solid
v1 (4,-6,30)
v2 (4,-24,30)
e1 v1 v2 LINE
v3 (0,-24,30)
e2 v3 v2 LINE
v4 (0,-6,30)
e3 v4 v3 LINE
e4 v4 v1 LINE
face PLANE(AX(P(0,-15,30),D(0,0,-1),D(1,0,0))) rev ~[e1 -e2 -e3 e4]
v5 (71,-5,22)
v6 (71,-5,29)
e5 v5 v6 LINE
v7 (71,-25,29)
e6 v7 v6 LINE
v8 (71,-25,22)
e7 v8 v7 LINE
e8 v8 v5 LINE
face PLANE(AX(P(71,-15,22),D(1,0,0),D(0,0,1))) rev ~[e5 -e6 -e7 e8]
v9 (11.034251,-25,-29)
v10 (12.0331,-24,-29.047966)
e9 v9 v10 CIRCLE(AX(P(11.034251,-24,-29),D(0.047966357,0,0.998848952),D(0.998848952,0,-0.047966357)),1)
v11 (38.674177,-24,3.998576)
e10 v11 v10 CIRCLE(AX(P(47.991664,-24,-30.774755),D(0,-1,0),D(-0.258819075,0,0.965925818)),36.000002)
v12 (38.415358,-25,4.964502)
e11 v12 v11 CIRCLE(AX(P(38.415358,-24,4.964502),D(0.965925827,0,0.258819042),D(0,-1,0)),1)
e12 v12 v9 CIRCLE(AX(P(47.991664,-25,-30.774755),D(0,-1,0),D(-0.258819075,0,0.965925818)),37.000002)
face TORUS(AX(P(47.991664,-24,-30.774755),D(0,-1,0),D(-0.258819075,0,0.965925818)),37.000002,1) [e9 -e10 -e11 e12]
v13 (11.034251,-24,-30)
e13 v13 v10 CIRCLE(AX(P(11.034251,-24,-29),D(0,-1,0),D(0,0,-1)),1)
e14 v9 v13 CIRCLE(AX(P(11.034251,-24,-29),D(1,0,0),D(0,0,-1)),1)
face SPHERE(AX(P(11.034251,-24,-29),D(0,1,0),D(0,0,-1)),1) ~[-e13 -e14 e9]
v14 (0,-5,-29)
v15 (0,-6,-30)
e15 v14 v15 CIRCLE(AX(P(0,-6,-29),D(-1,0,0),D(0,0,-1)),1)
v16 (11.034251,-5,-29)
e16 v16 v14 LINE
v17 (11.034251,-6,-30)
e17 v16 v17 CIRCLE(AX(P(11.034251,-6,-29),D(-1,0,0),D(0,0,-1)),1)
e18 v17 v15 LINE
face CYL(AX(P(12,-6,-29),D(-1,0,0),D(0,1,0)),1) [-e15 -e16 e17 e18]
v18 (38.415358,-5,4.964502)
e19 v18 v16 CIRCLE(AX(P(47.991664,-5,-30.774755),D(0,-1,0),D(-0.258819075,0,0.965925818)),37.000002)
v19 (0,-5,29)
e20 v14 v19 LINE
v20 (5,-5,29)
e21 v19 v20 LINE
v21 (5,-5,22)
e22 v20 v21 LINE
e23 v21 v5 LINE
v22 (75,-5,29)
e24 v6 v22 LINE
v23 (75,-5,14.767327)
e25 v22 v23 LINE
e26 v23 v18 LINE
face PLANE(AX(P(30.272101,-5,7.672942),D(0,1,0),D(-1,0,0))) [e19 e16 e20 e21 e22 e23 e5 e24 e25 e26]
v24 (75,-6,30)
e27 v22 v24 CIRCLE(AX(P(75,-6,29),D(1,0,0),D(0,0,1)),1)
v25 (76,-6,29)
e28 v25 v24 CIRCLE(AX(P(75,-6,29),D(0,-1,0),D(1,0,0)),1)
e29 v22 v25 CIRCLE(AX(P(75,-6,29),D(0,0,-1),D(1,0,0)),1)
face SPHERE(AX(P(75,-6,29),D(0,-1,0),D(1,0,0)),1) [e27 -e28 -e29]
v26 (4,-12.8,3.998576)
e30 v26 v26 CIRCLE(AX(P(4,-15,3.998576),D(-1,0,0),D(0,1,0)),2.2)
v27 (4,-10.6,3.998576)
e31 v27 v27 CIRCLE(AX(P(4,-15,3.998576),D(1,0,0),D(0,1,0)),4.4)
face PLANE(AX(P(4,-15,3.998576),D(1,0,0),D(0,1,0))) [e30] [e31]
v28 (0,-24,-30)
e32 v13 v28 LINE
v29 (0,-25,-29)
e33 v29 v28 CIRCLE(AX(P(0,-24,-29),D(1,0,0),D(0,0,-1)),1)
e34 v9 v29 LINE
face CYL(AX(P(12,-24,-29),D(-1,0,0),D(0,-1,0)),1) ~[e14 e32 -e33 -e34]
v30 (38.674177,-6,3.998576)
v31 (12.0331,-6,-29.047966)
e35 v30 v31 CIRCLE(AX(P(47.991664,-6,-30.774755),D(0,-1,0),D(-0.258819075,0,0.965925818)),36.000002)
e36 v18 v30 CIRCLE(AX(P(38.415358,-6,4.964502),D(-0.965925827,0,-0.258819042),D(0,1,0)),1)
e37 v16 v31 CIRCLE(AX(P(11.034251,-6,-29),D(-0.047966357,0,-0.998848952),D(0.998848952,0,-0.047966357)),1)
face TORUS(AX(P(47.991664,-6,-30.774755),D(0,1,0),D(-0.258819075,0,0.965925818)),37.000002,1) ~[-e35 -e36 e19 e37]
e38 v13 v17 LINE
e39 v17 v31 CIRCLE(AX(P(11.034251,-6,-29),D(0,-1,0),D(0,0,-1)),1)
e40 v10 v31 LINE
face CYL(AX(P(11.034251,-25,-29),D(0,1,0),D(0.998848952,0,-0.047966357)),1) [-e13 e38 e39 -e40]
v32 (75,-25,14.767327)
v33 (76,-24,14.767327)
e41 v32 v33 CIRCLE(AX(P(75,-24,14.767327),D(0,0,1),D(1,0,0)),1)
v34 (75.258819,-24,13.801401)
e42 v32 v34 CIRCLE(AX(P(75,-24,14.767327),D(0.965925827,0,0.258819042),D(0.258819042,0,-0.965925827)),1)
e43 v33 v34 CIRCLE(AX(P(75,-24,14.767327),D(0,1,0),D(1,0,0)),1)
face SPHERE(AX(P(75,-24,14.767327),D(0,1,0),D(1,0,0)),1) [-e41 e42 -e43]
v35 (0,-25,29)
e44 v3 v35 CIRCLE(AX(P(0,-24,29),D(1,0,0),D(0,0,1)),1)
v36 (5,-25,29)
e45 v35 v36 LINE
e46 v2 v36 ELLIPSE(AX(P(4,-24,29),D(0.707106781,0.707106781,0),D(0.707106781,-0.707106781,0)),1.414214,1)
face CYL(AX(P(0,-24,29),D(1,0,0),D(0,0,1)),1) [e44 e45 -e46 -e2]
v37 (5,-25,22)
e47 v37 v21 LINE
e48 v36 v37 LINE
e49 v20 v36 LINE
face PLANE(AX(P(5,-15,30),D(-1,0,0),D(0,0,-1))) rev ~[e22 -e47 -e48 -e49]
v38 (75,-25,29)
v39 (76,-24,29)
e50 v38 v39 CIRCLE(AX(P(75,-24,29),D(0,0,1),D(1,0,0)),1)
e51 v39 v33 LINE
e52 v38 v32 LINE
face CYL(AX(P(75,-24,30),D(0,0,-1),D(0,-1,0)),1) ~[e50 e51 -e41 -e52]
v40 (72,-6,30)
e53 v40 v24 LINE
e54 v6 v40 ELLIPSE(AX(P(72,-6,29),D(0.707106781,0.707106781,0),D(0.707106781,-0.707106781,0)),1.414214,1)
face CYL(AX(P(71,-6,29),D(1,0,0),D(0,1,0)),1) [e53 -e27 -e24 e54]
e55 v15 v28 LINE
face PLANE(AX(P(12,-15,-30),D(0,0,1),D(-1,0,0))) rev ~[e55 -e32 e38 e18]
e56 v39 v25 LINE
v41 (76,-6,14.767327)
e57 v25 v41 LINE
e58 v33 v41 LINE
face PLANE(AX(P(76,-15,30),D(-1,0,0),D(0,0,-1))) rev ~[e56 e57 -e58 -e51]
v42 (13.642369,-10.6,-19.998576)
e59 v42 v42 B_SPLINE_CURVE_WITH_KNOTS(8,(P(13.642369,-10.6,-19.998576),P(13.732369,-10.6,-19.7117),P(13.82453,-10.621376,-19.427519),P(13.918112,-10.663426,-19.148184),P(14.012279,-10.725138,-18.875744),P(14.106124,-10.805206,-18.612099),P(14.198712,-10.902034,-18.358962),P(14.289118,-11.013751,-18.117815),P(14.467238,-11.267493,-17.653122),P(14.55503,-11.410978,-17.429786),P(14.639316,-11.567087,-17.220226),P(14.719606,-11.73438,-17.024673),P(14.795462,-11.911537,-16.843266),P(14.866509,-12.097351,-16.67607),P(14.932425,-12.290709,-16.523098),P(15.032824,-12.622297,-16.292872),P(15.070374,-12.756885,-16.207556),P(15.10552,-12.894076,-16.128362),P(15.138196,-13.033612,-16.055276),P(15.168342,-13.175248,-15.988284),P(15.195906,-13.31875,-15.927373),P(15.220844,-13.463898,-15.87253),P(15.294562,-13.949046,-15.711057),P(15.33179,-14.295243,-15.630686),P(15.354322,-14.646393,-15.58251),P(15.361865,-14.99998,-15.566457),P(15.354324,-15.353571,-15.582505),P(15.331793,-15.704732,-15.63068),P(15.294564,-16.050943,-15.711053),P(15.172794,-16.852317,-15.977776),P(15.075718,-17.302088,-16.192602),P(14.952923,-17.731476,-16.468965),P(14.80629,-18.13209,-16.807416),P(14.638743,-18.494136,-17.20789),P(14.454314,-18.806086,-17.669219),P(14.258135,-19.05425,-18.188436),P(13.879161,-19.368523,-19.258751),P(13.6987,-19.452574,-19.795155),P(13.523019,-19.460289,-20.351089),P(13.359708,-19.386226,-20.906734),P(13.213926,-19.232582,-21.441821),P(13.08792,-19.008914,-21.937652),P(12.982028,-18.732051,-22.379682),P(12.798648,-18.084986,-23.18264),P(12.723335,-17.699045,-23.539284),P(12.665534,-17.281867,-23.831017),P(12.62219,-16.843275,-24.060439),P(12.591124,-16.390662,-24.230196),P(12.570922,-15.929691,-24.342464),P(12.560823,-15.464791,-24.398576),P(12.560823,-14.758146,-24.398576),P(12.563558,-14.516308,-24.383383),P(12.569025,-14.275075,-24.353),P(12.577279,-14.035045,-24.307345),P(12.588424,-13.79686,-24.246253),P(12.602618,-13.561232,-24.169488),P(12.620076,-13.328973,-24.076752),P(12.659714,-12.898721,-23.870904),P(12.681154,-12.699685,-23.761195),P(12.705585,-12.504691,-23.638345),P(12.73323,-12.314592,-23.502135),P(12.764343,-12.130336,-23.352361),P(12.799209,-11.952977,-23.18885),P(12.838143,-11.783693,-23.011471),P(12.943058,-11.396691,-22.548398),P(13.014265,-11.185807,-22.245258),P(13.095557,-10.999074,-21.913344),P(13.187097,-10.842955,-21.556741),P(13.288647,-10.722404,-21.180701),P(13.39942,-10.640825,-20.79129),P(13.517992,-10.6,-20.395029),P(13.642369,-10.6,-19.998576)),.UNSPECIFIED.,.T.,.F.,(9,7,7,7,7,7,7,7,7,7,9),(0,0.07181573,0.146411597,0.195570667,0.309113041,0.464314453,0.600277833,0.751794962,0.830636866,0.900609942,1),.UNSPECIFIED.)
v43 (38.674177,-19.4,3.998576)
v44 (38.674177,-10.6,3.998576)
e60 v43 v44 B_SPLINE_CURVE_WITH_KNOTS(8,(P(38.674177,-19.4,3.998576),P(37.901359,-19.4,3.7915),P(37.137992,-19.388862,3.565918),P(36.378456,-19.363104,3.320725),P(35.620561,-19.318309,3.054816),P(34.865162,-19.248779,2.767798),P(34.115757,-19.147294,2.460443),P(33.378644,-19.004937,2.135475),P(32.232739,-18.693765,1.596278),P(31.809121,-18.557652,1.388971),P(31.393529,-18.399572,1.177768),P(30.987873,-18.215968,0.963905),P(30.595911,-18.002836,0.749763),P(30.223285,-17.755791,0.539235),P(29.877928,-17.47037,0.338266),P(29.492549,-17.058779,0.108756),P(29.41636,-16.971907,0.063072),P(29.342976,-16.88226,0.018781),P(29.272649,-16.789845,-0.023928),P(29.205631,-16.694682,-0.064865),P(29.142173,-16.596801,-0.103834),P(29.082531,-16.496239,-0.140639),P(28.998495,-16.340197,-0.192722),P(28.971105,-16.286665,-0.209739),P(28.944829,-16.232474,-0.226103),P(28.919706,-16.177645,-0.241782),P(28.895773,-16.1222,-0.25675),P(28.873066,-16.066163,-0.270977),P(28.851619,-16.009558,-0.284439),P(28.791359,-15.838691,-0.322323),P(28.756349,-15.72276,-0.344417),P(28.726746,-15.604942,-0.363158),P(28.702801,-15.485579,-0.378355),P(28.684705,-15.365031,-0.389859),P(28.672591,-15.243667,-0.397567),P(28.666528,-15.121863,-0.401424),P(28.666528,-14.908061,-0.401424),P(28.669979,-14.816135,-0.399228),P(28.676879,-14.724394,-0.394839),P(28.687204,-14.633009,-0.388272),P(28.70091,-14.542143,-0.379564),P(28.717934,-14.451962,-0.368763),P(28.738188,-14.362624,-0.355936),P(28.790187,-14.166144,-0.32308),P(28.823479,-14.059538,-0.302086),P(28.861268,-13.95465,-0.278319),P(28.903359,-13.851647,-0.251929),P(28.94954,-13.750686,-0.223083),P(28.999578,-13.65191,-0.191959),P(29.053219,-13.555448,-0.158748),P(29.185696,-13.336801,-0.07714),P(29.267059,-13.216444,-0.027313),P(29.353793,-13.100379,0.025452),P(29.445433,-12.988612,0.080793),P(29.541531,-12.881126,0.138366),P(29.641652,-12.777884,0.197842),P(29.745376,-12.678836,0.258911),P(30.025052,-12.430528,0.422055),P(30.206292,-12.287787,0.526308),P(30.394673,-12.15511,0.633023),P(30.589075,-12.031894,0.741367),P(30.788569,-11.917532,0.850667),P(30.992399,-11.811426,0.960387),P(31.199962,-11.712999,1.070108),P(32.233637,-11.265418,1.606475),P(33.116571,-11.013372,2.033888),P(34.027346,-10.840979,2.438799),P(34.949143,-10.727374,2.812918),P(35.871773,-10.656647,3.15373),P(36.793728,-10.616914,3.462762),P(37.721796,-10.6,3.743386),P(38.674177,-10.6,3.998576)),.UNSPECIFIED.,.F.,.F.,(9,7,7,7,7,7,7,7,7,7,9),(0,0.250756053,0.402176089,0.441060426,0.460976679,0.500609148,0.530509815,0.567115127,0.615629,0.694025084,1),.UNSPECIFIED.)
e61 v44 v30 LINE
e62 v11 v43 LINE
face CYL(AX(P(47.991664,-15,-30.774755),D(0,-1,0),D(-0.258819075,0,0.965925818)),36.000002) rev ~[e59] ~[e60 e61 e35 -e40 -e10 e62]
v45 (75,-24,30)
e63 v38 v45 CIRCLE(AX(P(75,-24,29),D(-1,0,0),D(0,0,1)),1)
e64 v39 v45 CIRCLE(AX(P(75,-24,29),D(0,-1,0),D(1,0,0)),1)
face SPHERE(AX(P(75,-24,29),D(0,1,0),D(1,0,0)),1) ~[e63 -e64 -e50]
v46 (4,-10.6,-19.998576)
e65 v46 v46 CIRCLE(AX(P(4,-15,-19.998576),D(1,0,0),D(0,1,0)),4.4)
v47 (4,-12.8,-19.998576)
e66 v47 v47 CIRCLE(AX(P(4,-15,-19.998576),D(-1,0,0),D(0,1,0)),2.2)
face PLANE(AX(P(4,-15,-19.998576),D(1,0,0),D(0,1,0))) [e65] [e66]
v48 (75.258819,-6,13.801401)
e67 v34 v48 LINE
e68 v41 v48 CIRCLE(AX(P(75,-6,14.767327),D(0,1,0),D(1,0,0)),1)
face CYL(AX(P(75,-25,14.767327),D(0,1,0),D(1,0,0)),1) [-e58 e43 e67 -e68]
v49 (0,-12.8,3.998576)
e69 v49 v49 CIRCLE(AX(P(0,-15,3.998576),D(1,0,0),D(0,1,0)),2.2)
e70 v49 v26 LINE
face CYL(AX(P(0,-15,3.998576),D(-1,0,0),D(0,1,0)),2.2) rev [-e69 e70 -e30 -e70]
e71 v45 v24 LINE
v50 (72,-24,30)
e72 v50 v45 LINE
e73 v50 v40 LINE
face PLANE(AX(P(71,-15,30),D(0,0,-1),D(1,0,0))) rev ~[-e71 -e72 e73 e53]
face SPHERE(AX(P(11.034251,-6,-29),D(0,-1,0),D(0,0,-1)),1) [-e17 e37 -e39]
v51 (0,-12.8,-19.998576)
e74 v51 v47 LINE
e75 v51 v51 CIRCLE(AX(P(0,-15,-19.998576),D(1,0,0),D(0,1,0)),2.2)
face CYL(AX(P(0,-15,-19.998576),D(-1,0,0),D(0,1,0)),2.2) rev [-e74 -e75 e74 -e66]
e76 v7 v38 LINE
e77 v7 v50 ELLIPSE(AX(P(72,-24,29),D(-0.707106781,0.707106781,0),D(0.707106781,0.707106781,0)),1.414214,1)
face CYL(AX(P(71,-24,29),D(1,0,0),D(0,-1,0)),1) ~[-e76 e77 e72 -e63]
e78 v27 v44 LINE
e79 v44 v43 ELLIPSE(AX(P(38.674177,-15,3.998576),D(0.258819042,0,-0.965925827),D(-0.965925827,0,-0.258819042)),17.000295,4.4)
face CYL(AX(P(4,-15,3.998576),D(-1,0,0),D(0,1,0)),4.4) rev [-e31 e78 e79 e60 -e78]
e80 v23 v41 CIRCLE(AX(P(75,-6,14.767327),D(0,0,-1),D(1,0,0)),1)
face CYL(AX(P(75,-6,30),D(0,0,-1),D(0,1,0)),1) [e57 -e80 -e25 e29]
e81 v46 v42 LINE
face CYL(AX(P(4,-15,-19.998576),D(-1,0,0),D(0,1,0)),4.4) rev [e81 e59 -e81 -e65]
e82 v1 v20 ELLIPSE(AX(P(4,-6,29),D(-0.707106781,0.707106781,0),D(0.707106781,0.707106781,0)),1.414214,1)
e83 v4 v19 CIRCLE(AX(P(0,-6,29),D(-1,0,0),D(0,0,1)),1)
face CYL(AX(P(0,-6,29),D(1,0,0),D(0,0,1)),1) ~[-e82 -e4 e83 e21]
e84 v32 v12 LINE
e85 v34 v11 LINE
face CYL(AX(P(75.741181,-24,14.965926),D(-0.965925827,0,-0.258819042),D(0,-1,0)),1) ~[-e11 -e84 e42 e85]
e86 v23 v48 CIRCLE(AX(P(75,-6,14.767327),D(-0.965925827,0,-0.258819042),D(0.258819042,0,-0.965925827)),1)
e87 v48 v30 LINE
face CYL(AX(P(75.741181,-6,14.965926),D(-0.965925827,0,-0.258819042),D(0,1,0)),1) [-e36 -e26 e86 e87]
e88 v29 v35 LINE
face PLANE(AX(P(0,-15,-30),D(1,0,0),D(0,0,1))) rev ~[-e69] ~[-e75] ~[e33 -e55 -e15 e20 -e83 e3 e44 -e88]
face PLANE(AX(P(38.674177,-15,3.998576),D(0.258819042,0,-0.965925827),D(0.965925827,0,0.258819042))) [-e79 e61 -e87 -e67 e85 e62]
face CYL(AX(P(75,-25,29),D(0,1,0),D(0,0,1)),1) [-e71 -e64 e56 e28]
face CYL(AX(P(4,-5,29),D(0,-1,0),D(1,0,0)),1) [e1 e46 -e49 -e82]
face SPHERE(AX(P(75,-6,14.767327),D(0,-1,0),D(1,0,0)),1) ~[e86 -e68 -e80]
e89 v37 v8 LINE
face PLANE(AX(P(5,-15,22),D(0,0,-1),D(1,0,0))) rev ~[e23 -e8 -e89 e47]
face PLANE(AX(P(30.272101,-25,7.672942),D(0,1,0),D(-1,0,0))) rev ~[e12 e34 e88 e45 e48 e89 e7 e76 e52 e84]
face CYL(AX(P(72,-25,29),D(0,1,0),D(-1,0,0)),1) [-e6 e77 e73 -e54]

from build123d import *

# Parameters (mm, degrees)
PAD_DEPTH       = 10
SKETCH001_R     = 2.2
POCKET_DEPTH    = 76.001
SKETCH002_R     = 4.4
POCKET001_DEPTH = 72.001
FILLET_R        = 1


with BuildPart() as part:
    # Sketch → Pad (new body, symmetric)
    with BuildSketch(Plane.XZ):
        with BuildLine():
            Line((5, 30), (5, 22))
            Line((5, 22), (71, 22))
            Line((71, 22), (71, 30))
            Line((71, 30), (76, 30))
            Line((76, 30), (76, 14))
            Line((38.674177, 3.998576), (76, 14))
            ThreePointArc((38.674177, 3.998576), (19.66843, -8.553267), (12, -30))
            Line((12, -30), (0, -30))
            Line((0, -30), (0, 30))
            Line((0, 30), (5, 30))
        make_face()
    extrude(amount=PAD_DEPTH, both=True)

    # Sketch001 → Pocket (cut, through all)
    with BuildSketch(Plane.YZ):
        with Locations((0, 3.998576)):
            Circle(SKETCH001_R)
        with Locations((0, -19.998576)):
            Circle(SKETCH001_R)
    extrude(amount=POCKET_DEPTH, mode=Mode.SUBTRACT)

    # Sketch002 → Pocket001 (cut, through all)
    with BuildSketch(Plane.YZ.offset(4)):
        with Locations((0, 3.998576)):
            Circle(SKETCH002_R)
        with Locations((0, -19.998576)):
            Circle(SKETCH002_R)
    extrude(amount=POCKET001_DEPTH, mode=Mode.SUBTRACT)

    # Fillet
    fillet_edges = [part.edges().sort_by_distance(p)[0] for p in [
        (76, 0, 30),
        (76, 0, 14),
        (76, 10, 22),
        (76, -10, 22),
        (73.5, -10, 30),
        (73.5, 10, 30),
        (19.66843, -10, -8.553267),
        (19.66843, 10, -8.553267),
        (12, 0, -30),
        (6, -10, -30),
        (6, 10, -30),
        (2.5, 10, 30),
        (2.5, -10, 30),
        (5, 0, 30),
        (71, 0, 30),
    ]]
    fillet(fillet_edges, radius=FILLET_R)


with BuildPart() as part_1:
    # Body placement: moved
    add(part.part.moved(Location((0, -15, 0))))


solid = part_1.part
